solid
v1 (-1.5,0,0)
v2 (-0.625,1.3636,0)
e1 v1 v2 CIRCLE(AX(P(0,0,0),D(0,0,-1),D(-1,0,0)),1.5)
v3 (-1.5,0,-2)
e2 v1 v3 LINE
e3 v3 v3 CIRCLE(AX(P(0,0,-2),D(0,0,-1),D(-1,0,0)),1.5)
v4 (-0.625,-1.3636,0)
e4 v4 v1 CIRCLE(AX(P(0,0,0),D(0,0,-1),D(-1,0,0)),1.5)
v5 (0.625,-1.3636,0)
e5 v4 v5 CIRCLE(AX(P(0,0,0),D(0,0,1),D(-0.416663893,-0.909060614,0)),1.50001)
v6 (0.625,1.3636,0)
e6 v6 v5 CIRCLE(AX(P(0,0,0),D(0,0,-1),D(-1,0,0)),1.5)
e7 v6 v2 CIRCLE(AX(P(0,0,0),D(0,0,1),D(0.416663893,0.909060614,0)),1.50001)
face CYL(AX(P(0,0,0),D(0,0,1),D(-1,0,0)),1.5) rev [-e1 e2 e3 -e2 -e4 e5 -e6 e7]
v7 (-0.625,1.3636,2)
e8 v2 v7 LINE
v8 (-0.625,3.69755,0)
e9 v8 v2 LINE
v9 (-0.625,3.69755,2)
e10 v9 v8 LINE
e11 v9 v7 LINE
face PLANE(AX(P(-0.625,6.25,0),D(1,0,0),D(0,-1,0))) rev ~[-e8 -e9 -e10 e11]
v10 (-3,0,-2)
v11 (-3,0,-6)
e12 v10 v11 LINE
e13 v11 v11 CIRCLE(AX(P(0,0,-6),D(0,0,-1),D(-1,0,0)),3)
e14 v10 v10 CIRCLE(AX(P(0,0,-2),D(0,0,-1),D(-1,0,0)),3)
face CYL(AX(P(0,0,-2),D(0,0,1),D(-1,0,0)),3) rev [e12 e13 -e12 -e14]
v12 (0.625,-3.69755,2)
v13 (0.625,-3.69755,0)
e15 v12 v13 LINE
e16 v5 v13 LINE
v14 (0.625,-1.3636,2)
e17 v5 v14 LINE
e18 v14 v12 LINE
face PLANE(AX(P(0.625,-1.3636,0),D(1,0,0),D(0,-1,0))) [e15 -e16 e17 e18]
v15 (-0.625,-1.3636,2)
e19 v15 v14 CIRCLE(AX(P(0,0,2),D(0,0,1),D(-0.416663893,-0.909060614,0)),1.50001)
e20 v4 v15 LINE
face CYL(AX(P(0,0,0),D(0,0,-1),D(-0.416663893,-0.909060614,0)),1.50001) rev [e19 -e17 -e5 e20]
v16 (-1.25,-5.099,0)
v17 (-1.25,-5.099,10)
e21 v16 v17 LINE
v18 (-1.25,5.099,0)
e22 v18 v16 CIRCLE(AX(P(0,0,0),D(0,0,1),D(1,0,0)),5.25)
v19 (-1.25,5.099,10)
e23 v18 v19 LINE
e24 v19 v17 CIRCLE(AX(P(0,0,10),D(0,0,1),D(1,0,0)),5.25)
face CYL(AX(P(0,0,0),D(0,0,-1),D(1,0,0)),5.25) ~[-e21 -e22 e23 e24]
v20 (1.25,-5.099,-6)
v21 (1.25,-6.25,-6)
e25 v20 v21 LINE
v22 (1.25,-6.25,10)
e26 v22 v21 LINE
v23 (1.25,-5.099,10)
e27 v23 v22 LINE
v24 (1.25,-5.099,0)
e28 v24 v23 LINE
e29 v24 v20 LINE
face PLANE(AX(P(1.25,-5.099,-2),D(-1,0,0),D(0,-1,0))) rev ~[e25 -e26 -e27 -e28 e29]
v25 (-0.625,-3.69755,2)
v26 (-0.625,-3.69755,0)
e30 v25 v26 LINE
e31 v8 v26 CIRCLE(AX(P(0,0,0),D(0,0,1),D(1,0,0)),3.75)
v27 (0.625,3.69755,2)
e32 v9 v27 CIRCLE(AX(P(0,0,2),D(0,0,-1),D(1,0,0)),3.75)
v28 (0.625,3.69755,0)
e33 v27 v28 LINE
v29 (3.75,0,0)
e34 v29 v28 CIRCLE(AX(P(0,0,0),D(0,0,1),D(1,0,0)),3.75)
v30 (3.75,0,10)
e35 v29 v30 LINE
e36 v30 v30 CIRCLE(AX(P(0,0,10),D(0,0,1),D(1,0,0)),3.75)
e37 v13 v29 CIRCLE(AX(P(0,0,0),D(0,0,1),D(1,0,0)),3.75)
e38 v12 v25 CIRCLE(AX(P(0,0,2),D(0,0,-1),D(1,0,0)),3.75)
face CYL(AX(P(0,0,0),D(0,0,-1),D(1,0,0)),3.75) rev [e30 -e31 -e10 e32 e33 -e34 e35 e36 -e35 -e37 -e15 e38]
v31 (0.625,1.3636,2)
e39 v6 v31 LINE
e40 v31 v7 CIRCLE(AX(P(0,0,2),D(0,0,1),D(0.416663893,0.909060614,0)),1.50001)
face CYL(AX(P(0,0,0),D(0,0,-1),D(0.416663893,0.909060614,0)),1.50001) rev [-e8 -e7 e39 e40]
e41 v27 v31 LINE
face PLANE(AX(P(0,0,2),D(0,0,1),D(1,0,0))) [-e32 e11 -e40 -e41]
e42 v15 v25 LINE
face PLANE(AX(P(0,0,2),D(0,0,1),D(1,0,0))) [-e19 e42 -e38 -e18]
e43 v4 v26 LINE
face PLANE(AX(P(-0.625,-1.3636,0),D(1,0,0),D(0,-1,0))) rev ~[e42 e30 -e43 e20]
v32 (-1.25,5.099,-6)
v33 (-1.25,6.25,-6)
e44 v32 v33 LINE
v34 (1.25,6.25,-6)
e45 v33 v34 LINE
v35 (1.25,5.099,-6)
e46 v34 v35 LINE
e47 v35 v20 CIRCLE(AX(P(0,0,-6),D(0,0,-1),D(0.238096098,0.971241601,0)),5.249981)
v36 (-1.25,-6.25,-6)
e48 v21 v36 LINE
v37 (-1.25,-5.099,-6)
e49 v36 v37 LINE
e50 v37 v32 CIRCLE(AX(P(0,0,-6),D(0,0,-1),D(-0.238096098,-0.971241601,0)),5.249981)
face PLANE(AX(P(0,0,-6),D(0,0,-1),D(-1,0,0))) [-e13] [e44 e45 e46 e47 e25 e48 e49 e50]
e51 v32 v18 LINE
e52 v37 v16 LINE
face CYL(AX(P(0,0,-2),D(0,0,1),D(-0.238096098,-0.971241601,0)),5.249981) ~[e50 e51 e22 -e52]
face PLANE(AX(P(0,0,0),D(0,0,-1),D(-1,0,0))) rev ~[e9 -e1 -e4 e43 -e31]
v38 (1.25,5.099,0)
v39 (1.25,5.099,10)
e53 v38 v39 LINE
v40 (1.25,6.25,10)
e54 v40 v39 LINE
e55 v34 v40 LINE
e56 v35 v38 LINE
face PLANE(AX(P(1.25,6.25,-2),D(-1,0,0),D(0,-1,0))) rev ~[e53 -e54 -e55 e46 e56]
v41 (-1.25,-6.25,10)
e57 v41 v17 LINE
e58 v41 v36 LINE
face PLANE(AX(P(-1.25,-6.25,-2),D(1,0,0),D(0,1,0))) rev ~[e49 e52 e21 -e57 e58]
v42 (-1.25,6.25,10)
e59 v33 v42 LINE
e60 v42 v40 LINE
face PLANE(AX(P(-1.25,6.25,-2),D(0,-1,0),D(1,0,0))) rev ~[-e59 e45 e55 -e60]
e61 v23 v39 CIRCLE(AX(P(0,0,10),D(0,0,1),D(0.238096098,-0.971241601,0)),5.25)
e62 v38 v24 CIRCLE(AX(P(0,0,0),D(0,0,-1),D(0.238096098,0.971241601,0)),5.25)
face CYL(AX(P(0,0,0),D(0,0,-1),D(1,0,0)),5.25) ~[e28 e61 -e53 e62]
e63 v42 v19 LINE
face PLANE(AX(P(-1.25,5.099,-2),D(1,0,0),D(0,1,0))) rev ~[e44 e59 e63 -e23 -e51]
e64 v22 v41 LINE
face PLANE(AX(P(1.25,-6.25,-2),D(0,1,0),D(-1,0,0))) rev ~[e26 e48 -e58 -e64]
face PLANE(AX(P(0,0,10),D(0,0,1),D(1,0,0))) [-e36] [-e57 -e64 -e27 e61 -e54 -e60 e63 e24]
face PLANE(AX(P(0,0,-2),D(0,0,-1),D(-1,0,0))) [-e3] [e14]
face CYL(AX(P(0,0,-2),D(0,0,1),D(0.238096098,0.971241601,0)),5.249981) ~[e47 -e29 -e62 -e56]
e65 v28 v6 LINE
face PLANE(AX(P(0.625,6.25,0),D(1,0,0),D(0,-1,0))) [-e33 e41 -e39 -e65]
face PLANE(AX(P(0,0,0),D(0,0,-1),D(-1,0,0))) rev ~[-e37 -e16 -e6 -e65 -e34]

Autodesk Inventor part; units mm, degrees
ref_plane "YZ Plane" through (0, 0, 0) normal (1, 0, 0) x (0, 1, 0)
ref_plane "XZ Plane" through (0, 0, 0) normal (0, 1, 0) x (-1, 0, 0)
ref_plane "XY Plane" through (0, 0, 0) normal (0, 0, 1) x (1, 0, 0)
sketch "Sketch1" plane through (0, 0, 0) normal (0, 0, 1) x (1, 0, 0)
  circle A0 centre (0, 0) radius 3.75
  line L0 (1.25, -6.25) -> (-1.25, -6.25)
  line L1 (-1.25, -6.25) -> (-1.25, 6.25) construction
  line L2 (-1.25, 6.25) -> (1.25, 6.25)
  line L3 (1.25, 6.25) -> (1.25, -6.25) construction
  circle A1 centre (0, 0) radius 5.25
  line L4 (1.25, -5.099) -> (1.25, -6.25)
  line L5 (-1.25, -6.25) -> (-1.25, -5.099)
  line L6 (-1.25, 6.25) -> (-1.25, 5.099)
  line L7 (1.25, 6.25) -> (1.25, 5.099)
  arc A2 (-1.25, -5.099) -> (1.25, -5.099) centre (0, 0) ccw
  arc A3 (1.25, 5.099) -> (-1.25, 5.099) centre (0, 0) ccw
  point P0 (0, 6.25)
  point P1 (1.25, 0)
  dimension "d1" = 7.5
  dimension "d10" = 2.5
  dimension "d11" = 12.5
  dimension "d12" = 10.5
extrude "Extrusion1" add sketch "Sketch1" along normal blind 10
sketch "Sketch5" plane through (0, 0, 0) normal (0, 0, -1) x (-1, 0, 0)
  circle A0 centre (0, 0) radius 3.75 projected
  circle A1 centre (0, 0) radius 3.75 projected
  line L0 (-1.25, -6.25) -> (-1.25, -5.099) projected
  line L1 (1.25, -6.25) -> (-1.25, -6.25) projected
  line L2 (1.25, -5.099) -> (1.25, -6.25) projected
  arc A2 (1.25, -5.099) -> (1.25, 5.099) centre (0, 0) ccw projected
  line L3 (1.25, 6.25) -> (1.25, 5.099) projected
  line L4 (-1.25, 6.25) -> (1.25, 6.25) projected
  line L5 (-1.25, 5.099) -> (-1.25, 6.25) projected
  arc A3 (-1.25, 5.099) -> (-1.25, -5.099) centre (0, 0) ccw projected
  circle A4 centre (0, 0) radius 1.5
  dimension "d13" = 3
extrude "Extrusion4" add sketch "Sketch5" along normal blind 2 contours A0 | L0 A3 L5 L4 L3 A2 L2 L1
sketch "Sketch6" plane through (0, 0, 0) normal (0, 0, 1) x (1, 0, 0)
  line L0 (0.625, 6.25) -> (-0.625, 6.25)
  line L1 (-0.625, 6.25) -> (-0.625, -6.25) construction
  line L2 (-0.625, -6.25) -> (0.625, -6.25)
  line L3 (0.625, -6.25) -> (0.625, 6.25) construction
  line L4 (-1.25, 6.25) -> (1.25, 6.25) projected
  circle A0 centre (0, 0) radius 1.5 construction
  arc A1 (0.625, 1.3636) -> (-0.625, 1.3636) centre (0, 0) ccw
  arc A2 (-0.625, -1.3636) -> (0.625, -1.3636) centre (0, 0) ccw
  line L5 (0.625, 6.25) -> (0.625, 1.3636)
  line L6 (-0.625, 6.25) -> (-0.625, 1.3636)
  line L7 (0.625, -1.3636) -> (0.625, -6.25)
  line L8 (-0.625, -1.3636) -> (-0.625, -6.25)
  point P0 (0, 0)
  point P1 (0, 6.25)
  point P2 (0.625, 0)
  dimension "d16" = 1.25
extrude "Extrusion5" add sketch "Sketch6" along normal blind 2
sketch "Sketch8" plane through (0, 0, -2) normal (0, 0, -1) x (-1, 0, 0)
  circle A0 centre (0, 0) radius 1.5 projected
  line L0 (-1.25, -5.099) -> (-1.25, -6.25) projected
  line L1 (-1.25, -6.25) -> (1.25, -6.25) projected
  line L2 (1.25, -6.25) -> (1.25, -5.099) projected
  arc A1 (1.25, -5.099) -> (1.25, 5.099) centre (0, 0) ccw projected
  line L3 (1.25, 5.099) -> (1.25, 6.25) projected
  line L4 (1.25, 6.25) -> (-1.25, 6.25) projected
  line L5 (-1.25, 6.25) -> (-1.25, 5.099) projected
  arc A2 (-1.25, 5.099) -> (-1.25, -5.099) centre (0, 0) ccw projected
  circle A3 centre (0, 0) radius 3
  point P0 (0, 0)
  dimension "d22" = 6
extrude "Extrusion6" add sketch "Sketch8" along normal blind 4 contours A2 L5 L4 L3 A1 L2 L1 L0
properties part number "AA042" material "ABS Plastic"
